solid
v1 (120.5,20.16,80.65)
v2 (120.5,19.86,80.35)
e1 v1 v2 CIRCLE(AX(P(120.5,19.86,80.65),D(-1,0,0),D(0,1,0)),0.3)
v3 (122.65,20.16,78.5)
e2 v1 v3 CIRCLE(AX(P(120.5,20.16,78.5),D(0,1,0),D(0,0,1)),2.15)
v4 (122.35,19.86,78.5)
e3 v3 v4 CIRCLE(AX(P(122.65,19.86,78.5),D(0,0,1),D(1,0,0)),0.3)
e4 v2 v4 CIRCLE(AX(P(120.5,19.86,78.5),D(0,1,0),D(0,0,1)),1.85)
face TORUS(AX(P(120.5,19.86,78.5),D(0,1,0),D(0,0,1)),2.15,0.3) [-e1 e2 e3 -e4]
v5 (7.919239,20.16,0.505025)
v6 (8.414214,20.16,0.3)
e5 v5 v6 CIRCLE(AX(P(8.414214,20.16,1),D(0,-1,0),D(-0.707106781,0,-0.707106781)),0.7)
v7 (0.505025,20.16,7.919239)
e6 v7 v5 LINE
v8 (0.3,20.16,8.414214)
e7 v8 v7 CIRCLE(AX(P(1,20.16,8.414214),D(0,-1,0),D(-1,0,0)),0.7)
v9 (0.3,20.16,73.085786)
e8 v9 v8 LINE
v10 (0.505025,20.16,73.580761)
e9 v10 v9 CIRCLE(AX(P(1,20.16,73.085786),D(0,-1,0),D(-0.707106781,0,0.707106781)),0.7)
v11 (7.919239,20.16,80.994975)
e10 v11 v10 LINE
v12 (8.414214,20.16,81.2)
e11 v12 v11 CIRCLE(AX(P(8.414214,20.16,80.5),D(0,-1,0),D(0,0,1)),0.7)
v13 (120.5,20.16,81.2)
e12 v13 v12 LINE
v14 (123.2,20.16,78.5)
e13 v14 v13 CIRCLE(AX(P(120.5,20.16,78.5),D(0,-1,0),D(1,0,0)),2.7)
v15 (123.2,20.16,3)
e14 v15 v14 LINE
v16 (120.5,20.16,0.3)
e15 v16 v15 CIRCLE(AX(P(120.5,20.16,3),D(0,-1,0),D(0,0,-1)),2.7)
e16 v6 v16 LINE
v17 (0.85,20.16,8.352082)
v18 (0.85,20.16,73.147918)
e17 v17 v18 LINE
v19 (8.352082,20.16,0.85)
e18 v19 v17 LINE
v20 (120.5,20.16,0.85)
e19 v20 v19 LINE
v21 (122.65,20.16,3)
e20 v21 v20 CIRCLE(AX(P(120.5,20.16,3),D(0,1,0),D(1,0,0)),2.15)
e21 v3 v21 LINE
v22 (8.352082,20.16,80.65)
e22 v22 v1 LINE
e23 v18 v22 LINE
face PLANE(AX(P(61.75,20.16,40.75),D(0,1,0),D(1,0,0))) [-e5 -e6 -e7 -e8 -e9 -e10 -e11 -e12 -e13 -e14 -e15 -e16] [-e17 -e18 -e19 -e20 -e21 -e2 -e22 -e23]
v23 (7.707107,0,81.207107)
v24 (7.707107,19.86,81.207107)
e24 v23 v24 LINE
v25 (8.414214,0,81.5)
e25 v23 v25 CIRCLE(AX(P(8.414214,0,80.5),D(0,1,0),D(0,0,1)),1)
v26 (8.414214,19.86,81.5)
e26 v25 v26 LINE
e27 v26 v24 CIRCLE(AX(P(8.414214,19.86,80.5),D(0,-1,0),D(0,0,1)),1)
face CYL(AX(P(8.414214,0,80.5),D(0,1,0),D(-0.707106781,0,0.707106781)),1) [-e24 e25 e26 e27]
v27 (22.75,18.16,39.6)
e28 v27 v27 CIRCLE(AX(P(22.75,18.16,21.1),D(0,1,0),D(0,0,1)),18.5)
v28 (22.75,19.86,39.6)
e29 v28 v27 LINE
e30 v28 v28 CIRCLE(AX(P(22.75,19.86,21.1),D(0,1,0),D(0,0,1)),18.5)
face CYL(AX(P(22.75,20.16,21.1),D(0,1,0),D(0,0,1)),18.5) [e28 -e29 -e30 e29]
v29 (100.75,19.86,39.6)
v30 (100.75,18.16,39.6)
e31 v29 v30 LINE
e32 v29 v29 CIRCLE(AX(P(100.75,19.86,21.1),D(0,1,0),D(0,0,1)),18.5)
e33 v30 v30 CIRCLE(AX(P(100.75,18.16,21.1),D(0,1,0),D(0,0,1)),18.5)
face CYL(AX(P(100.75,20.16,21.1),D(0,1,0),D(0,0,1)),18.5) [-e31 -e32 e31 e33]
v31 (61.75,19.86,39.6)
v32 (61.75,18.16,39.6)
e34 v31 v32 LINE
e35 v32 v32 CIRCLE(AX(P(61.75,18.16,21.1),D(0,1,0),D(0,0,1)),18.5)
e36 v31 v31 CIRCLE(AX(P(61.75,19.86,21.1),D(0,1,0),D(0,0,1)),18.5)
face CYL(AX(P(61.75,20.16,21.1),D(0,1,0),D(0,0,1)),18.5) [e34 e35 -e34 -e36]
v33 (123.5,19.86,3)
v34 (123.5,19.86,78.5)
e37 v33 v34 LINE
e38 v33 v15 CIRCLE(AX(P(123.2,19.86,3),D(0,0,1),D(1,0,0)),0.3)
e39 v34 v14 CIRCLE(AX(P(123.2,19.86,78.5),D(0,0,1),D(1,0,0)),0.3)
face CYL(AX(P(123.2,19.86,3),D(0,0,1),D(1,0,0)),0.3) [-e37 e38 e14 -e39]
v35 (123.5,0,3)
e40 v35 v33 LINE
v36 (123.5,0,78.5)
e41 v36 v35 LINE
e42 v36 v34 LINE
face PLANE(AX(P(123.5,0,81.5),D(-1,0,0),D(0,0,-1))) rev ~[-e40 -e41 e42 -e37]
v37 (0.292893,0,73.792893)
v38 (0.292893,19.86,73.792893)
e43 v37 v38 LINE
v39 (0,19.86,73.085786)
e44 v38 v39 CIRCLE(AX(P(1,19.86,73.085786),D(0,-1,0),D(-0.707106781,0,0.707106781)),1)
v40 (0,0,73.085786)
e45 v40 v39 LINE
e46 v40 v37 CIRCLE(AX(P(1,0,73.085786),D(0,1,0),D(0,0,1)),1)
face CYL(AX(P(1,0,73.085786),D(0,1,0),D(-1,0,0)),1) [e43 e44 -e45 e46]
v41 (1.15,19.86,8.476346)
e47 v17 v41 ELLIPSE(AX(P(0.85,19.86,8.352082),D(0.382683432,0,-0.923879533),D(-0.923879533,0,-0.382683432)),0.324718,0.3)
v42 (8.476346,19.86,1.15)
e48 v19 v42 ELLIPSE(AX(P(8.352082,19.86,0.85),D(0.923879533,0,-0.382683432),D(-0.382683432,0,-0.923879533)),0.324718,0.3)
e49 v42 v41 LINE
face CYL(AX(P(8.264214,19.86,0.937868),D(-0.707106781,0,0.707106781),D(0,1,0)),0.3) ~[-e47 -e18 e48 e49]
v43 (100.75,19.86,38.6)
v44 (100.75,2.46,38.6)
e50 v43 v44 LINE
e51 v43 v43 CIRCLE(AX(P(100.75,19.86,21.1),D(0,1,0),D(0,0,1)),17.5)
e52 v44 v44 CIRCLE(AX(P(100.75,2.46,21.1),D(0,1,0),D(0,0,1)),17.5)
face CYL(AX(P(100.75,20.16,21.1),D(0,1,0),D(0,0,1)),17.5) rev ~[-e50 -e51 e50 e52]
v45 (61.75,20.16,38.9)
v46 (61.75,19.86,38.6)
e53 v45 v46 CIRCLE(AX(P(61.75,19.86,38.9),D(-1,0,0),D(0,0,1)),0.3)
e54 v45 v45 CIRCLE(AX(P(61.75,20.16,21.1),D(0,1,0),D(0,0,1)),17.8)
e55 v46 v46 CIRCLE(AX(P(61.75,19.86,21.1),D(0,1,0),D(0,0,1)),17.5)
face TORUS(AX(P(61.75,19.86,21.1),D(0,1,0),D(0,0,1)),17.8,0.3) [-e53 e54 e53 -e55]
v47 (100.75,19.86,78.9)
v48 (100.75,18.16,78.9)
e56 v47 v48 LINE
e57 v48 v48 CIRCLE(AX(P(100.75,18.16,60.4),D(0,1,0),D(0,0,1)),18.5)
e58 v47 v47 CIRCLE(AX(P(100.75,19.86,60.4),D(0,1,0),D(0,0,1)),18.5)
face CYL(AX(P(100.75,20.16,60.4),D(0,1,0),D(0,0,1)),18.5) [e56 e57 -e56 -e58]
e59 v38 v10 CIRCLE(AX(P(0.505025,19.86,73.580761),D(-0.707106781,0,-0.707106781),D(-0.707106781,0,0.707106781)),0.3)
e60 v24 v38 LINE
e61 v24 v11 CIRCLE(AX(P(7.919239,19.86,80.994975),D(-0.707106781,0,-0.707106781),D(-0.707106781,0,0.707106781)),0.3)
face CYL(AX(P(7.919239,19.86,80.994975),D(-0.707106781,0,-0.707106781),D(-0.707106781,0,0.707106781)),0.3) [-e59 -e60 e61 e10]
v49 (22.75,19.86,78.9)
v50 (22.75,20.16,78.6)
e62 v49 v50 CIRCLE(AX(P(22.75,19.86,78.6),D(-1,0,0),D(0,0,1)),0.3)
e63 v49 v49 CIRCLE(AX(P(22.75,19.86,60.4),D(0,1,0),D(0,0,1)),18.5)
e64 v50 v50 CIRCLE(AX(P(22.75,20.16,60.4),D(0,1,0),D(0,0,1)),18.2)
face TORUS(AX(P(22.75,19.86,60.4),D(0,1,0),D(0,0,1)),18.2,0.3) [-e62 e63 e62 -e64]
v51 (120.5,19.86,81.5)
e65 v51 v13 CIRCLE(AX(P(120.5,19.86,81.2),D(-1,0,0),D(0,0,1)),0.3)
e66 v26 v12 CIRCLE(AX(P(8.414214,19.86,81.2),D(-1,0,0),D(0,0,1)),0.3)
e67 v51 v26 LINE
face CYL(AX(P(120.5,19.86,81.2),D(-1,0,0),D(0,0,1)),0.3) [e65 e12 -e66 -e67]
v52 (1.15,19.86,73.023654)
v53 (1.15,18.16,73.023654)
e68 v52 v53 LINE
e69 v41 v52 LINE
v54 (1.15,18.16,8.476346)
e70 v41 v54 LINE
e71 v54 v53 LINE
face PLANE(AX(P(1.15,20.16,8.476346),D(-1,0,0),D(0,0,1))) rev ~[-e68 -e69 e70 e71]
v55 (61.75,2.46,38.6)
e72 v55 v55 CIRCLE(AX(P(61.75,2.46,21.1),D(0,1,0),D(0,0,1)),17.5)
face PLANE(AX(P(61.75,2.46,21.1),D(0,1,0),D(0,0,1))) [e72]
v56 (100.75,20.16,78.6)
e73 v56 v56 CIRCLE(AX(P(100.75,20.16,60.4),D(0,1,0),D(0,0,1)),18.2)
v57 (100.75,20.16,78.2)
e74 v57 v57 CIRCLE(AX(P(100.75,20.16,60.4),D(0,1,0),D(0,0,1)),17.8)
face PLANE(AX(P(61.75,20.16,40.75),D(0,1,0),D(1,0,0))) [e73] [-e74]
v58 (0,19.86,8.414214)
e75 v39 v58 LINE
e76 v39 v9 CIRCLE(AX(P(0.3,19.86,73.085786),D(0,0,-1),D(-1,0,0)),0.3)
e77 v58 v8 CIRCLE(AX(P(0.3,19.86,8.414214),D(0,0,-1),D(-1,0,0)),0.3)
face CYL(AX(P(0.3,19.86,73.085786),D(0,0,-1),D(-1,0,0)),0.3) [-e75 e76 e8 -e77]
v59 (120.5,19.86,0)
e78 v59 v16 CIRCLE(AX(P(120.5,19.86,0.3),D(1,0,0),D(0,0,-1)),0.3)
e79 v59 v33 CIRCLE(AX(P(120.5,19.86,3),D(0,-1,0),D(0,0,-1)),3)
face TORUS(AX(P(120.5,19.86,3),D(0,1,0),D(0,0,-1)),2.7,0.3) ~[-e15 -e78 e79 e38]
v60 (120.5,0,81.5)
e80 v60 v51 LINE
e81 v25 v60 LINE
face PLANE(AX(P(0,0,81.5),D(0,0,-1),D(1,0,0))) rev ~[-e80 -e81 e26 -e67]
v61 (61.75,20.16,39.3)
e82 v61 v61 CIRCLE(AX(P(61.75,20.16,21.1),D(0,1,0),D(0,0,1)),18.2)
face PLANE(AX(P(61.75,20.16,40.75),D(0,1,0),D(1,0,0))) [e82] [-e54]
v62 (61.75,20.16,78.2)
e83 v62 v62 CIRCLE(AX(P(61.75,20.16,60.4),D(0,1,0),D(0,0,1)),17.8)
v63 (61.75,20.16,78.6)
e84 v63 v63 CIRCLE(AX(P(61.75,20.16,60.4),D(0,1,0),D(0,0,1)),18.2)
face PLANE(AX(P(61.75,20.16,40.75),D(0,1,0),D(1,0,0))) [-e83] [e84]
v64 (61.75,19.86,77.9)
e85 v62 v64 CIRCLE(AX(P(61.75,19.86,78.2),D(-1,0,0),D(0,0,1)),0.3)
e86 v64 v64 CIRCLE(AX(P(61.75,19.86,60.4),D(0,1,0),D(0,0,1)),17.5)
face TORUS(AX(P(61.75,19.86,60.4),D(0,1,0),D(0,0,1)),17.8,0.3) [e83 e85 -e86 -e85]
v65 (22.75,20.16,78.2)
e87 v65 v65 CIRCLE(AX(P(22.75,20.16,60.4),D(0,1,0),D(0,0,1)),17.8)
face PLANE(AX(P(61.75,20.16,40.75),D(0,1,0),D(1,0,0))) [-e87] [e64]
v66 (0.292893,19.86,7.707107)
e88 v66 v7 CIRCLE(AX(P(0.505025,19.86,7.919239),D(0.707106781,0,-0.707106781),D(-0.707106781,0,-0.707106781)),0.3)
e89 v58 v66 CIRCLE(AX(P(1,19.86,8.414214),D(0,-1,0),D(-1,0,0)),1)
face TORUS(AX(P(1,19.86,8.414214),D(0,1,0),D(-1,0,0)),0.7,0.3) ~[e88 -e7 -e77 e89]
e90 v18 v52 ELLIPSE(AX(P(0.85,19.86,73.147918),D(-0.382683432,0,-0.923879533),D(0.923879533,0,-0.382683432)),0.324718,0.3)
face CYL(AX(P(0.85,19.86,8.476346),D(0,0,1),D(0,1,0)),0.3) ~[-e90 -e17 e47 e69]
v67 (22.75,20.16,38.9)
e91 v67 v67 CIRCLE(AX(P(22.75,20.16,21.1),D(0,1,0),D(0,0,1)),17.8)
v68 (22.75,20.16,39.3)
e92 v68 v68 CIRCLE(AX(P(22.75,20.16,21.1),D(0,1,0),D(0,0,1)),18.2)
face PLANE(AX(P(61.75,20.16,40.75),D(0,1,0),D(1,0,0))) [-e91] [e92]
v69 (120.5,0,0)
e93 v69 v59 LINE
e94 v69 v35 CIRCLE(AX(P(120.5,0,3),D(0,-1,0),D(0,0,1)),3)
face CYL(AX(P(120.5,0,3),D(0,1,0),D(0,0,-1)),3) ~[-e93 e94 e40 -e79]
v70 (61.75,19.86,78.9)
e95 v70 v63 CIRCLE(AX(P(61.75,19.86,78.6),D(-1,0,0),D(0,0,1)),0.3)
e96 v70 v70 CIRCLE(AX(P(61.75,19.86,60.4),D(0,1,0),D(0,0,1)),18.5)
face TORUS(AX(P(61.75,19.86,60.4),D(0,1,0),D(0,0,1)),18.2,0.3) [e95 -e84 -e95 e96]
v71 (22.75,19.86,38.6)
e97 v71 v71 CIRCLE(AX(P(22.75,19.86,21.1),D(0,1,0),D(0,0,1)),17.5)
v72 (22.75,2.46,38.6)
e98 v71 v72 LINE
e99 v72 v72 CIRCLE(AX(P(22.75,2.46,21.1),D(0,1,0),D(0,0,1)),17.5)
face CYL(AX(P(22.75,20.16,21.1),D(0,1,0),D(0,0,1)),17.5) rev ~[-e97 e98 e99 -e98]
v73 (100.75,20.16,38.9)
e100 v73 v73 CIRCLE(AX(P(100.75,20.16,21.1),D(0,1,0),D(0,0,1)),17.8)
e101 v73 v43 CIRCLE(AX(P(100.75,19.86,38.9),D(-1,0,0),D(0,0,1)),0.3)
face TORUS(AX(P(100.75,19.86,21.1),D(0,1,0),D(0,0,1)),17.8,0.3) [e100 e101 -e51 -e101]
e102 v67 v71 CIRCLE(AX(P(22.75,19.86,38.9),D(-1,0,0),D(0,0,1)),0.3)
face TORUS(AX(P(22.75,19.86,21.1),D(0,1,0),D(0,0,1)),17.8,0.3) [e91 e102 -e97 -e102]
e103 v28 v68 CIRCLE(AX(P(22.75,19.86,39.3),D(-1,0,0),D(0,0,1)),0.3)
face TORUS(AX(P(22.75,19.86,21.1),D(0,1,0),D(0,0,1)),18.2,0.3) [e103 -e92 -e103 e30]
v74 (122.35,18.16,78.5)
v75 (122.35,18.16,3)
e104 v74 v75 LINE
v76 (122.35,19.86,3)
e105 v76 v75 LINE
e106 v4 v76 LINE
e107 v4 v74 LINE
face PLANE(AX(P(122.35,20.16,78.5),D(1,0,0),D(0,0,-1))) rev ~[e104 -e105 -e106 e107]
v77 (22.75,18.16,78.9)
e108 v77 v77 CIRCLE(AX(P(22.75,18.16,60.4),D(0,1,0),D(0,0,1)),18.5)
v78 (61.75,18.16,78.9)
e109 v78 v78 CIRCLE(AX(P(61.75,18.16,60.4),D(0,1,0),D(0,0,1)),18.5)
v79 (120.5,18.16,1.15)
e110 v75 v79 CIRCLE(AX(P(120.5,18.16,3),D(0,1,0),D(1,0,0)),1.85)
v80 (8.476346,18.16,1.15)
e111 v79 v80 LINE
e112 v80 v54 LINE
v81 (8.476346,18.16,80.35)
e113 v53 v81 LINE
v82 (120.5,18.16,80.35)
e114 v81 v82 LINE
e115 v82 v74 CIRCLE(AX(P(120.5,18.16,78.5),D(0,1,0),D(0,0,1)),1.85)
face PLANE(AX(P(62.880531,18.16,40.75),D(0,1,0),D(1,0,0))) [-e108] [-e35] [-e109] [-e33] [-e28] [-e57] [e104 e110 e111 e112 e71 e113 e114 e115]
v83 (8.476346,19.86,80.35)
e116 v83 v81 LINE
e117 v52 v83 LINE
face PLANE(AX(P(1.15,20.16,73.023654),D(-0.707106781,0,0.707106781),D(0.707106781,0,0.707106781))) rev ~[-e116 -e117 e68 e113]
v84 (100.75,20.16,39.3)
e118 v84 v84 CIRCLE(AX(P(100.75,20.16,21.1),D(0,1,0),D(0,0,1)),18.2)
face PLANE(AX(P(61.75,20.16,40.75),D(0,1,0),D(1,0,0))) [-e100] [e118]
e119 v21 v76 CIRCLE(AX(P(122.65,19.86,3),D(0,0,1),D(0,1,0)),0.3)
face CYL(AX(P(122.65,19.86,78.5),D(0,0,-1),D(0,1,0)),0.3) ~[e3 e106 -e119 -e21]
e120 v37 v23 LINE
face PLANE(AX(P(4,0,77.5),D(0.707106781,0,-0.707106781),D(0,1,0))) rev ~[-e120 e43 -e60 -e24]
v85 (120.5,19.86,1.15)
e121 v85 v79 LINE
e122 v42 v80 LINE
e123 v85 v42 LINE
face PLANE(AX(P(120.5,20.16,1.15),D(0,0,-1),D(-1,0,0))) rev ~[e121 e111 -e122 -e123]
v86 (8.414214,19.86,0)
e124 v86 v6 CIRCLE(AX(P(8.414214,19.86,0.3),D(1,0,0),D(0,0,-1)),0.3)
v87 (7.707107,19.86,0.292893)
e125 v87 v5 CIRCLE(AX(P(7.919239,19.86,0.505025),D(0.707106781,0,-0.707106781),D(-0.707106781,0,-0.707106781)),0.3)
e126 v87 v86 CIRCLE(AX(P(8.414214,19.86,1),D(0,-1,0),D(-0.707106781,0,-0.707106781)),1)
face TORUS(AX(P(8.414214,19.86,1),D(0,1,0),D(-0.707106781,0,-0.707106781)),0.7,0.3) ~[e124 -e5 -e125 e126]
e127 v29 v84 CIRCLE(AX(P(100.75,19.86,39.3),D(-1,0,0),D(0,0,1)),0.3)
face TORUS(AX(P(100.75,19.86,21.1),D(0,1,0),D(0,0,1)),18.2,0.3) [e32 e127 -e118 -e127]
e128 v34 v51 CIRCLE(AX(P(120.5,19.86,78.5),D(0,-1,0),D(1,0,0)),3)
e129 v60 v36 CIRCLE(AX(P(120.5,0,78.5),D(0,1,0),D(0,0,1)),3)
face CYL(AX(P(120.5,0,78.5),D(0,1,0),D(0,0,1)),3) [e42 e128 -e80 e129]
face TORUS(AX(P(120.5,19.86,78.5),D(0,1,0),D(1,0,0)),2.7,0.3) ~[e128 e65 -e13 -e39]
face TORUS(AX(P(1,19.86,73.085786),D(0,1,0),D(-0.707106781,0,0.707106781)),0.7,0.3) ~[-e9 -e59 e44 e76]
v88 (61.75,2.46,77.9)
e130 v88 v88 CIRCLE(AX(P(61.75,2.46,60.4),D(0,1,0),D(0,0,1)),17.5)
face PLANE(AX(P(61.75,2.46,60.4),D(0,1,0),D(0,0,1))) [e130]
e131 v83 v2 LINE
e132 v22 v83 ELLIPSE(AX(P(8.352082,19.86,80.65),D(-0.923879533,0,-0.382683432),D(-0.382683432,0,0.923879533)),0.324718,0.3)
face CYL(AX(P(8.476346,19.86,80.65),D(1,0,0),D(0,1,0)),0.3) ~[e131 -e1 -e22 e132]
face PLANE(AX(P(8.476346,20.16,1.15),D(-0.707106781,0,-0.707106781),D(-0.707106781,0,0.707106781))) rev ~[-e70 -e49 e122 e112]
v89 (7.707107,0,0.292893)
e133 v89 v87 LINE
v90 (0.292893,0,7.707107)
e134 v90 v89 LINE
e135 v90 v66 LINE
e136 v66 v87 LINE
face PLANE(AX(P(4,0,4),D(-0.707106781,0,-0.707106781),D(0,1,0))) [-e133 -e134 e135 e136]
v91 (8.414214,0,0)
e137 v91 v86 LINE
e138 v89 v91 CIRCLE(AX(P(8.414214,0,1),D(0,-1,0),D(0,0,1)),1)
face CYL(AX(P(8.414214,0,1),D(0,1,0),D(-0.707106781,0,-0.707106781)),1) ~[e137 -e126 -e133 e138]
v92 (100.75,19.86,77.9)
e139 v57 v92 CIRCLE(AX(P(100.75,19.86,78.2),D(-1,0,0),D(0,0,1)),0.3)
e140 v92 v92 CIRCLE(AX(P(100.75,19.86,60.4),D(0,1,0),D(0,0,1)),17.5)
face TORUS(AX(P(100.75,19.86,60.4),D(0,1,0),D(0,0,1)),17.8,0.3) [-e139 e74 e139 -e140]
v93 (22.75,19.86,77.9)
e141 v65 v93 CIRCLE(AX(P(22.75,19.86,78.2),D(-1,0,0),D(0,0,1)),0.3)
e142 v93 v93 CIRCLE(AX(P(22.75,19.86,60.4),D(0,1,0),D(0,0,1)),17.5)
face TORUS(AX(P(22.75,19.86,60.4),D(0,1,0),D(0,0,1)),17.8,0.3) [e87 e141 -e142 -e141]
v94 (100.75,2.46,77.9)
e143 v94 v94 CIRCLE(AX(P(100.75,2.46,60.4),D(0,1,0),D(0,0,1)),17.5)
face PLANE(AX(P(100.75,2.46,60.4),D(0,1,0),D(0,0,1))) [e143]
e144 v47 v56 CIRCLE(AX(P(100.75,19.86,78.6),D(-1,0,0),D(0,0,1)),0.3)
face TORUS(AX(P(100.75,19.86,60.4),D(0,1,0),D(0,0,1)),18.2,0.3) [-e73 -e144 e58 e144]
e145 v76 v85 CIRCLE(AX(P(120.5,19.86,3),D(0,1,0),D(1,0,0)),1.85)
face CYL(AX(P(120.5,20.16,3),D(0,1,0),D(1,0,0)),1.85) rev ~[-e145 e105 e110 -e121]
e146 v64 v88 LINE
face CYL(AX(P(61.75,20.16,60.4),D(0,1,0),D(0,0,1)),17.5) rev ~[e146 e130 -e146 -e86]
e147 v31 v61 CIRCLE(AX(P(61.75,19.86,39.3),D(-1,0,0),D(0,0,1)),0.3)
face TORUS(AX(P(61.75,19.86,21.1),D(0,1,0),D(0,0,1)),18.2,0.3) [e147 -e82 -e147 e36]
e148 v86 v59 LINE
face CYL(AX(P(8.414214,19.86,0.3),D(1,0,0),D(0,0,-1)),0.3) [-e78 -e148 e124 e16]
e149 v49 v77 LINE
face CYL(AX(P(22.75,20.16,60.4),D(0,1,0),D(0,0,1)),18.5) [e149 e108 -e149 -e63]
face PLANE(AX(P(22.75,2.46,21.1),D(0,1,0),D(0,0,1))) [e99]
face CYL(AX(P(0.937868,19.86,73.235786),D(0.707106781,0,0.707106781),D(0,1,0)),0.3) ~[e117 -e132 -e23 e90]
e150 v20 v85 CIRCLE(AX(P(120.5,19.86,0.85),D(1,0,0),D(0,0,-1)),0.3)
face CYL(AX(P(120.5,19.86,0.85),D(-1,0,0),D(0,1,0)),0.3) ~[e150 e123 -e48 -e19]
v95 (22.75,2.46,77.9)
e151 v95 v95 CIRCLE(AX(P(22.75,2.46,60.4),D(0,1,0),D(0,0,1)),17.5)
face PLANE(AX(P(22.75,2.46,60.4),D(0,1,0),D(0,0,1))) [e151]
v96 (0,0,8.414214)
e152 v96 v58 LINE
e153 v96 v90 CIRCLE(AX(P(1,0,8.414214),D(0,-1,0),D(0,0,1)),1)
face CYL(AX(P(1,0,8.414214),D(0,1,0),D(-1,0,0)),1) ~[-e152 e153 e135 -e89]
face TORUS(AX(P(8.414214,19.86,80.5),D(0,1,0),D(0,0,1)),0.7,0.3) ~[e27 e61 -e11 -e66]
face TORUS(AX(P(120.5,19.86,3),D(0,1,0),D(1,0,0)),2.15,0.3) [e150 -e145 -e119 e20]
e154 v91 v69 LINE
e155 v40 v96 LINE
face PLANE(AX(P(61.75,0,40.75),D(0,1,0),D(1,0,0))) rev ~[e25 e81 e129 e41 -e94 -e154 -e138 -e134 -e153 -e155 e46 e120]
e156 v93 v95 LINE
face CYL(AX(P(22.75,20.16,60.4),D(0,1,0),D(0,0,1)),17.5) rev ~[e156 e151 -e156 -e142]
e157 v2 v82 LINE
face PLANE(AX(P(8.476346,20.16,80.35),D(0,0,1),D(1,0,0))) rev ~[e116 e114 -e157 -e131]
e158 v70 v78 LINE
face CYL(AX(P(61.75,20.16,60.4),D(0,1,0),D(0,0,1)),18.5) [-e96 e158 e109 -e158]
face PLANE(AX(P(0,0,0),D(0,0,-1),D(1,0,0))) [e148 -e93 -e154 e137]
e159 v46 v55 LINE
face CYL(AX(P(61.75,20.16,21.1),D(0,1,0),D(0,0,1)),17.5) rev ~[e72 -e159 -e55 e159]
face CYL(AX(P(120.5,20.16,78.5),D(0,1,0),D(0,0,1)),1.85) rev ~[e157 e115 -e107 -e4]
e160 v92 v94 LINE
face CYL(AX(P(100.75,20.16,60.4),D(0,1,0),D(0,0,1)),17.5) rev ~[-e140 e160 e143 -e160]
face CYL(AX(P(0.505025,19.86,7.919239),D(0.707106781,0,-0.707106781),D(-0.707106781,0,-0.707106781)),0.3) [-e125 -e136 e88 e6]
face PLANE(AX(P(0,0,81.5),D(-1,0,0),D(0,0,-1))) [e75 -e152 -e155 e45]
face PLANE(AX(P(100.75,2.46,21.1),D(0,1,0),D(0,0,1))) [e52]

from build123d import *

# Parameters (mm, degrees)
SKETCH1_W           = 123.5
SKETCH1_H           = 81.5
BOSS_EXTRUDE1_DEPTH = 20.16
CHAMFER1_SIZE       = 8
FILLET1_R           = 1
SKETCH2_R           = 17.5
CUT_EXTRUDE1_DEPTH  = 17.7
FILLET2_R           = 3
SKETCH3_R           = 18.5
CUT_EXTRUDE2_DEPTH  = 2
FILLET3_R           = 0.3


with BuildPart() as part:
    # Sketch1 → Boss-Extrude1 (new body)
    with BuildSketch(Plane(origin=(0, 0, 0), x_dir=(1, 0, 0), z_dir=(0, 1, 0))):
        with Locations((61.75, -40.75)):
            Rectangle(SKETCH1_W, SKETCH1_H)
    extrude(amount=BOSS_EXTRUDE1_DEPTH)

    # Chamfer1
    chamfer1_edges = [part.edges().sort_by_distance(p)[0] for p in [
        (0, 10.08, 0),
        (0, 10.08, 81.5),
    ]]
    chamfer(chamfer1_edges, length=CHAMFER1_SIZE)

    # Fillet1
    fillet1_edges = [part.edges().sort_by_distance(p)[0] for p in [
        (0, 10.08, 73.5),
        (0, 10.08, 8),
        (8, 10.08, 0),
        (8, 10.08, 81.5),
    ]]
    fillet(fillet1_edges, radius=FILLET1_R)

    # Sketch2 → Cut-Extrude1 (cut)
    with BuildSketch(Plane(origin=(0, 20.16, 0), x_dir=(1, 0, 0), z_dir=(0, 1, 0))):
        with Locations(Location((22.75, -21.1, 0), (0, 0, 270))):
            Circle(SKETCH2_R)
        with Locations(Location((61.75, -21.1, 0), (0, 0, 270))):
            Circle(SKETCH2_R)
        with Locations(Location((100.75, -21.1, 0), (0, 0, 270))):
            Circle(SKETCH2_R)
        with Locations(Location((61.75, -60.4, 0), (0, 0, 270))):
            Circle(SKETCH2_R)
        with Locations(Location((100.75, -60.4, 0), (0, 0, 270))):
            Circle(SKETCH2_R)
        with Locations(Location((22.75, -60.4, 0), (0, 0, 270))):
            Circle(SKETCH2_R)
    extrude(amount=-CUT_EXTRUDE1_DEPTH, mode=Mode.SUBTRACT)

    # Fillet2
    fillet2_edges = [part.edges().sort_by_distance(p)[0] for p in [
        (123.5, 10.08, 0),
        (123.5, 10.08, 81.5),
    ]]
    fillet(fillet2_edges, radius=FILLET2_R)

    # Sketch3 → Cut-Extrude2 (cut)
    with BuildSketch(Plane(origin=(0, 20.16, 0), x_dir=(1, 0, 0), z_dir=(0, 1, 0))):
        with BuildLine():
            Line((8.476345597, -80.35), (120.5, -80.35))
            ThreePointArc((120.5, -80.35), (121.808147545, -79.808147545), (122.35, -78.5))
            Line((122.35, -78.5), (122.35, -3))
            ThreePointArc((122.35, -3), (121.808147545, -1.691852455), (120.5, -1.15))
            Line((120.5, -1.15), (8.476345597, -1.15))
            Line((8.476345597, -1.15), (1.15, -8.476345597))
            Line((1.15, -8.476345597), (1.15, -73.023654403))
            Line((1.15, -73.023654403), (8.476345597, -80.35))
        make_face()
        with Locations(Location((22.75, -21.1, 0), (0, 0, 270))):
            Circle(SKETCH3_R, mode=Mode.SUBTRACT)
        with Locations(Location((22.75, -60.4, 0), (0, 0, 270))):
            Circle(SKETCH3_R, mode=Mode.SUBTRACT)
        with Locations(Location((61.75, -21.1, 0), (0, 0, 270))):
            Circle(SKETCH3_R, mode=Mode.SUBTRACT)
        with Locations(Location((61.75, -60.4, 0), (0, 0, 270))):
            Circle(SKETCH3_R, mode=Mode.SUBTRACT)
        with Locations(Location((100.75, -21.1, 0), (0, 0, 270))):
            Circle(SKETCH3_R, mode=Mode.SUBTRACT)
        with Locations(Location((100.75, -60.4, 0), (0, 0, 270))):
            Circle(SKETCH3_R, mode=Mode.SUBTRACT)
    extrude(amount=-CUT_EXTRUDE2_DEPTH, mode=Mode.SUBTRACT)

    # Fillet3
    fillet3_edges = [part.edges().sort_by_distance(p)[0] for p in [
        (4.813172798, 20.16, 76.686827202),
        (64.488172798, 20.16, 80.35),
        (121.808147545, 20.16, 79.808147545),
        (122.35, 20.16, 40.75),
        (121.808147545, 20.16, 1.691852455),
        (64.488172798, 20.16, 1.15),
        (4.813172798, 20.16, 4.813172798),
        (1.15, 20.16, 40.75),
        (22.75, 20.16, 2.6),
        (22.75, 20.16, 41.9),
        (61.75, 20.16, 2.6),
        (61.75, 20.16, 41.9),
        (100.75, 20.16, 2.6),
        (100.75, 20.16, 41.9),
        (4, 20.16, 4),
        (0, 20.16, 40.75),
        (4, 20.16, 77.5),
        (64.457106781, 20.16, 81.5),
        (0.076120467, 20.16, 73.46846987),
        (8.03153013, 20.16, 81.423879533),
        (0.076120467, 20.16, 8.03153013),
        (8.03153013, 20.16, 0.076120467),
        (22.75, 20.16, 3.6),
        (61.75, 20.16, 3.6),
        (100.75, 20.16, 3.6),
        (22.75, 20.16, 42.9),
        (100.75, 20.16, 42.9),
        (61.75, 20.16, 42.9),
        (123.5, 20.16, 40.75),
        (64.457106781, 20.16, 0),
        (122.621320344, 20.16, 0.878679656),
        (122.621320344, 20.16, 80.621320344),
    ]]
    fillet(fillet3_edges, radius=FILLET3_R)


solid = part.part
